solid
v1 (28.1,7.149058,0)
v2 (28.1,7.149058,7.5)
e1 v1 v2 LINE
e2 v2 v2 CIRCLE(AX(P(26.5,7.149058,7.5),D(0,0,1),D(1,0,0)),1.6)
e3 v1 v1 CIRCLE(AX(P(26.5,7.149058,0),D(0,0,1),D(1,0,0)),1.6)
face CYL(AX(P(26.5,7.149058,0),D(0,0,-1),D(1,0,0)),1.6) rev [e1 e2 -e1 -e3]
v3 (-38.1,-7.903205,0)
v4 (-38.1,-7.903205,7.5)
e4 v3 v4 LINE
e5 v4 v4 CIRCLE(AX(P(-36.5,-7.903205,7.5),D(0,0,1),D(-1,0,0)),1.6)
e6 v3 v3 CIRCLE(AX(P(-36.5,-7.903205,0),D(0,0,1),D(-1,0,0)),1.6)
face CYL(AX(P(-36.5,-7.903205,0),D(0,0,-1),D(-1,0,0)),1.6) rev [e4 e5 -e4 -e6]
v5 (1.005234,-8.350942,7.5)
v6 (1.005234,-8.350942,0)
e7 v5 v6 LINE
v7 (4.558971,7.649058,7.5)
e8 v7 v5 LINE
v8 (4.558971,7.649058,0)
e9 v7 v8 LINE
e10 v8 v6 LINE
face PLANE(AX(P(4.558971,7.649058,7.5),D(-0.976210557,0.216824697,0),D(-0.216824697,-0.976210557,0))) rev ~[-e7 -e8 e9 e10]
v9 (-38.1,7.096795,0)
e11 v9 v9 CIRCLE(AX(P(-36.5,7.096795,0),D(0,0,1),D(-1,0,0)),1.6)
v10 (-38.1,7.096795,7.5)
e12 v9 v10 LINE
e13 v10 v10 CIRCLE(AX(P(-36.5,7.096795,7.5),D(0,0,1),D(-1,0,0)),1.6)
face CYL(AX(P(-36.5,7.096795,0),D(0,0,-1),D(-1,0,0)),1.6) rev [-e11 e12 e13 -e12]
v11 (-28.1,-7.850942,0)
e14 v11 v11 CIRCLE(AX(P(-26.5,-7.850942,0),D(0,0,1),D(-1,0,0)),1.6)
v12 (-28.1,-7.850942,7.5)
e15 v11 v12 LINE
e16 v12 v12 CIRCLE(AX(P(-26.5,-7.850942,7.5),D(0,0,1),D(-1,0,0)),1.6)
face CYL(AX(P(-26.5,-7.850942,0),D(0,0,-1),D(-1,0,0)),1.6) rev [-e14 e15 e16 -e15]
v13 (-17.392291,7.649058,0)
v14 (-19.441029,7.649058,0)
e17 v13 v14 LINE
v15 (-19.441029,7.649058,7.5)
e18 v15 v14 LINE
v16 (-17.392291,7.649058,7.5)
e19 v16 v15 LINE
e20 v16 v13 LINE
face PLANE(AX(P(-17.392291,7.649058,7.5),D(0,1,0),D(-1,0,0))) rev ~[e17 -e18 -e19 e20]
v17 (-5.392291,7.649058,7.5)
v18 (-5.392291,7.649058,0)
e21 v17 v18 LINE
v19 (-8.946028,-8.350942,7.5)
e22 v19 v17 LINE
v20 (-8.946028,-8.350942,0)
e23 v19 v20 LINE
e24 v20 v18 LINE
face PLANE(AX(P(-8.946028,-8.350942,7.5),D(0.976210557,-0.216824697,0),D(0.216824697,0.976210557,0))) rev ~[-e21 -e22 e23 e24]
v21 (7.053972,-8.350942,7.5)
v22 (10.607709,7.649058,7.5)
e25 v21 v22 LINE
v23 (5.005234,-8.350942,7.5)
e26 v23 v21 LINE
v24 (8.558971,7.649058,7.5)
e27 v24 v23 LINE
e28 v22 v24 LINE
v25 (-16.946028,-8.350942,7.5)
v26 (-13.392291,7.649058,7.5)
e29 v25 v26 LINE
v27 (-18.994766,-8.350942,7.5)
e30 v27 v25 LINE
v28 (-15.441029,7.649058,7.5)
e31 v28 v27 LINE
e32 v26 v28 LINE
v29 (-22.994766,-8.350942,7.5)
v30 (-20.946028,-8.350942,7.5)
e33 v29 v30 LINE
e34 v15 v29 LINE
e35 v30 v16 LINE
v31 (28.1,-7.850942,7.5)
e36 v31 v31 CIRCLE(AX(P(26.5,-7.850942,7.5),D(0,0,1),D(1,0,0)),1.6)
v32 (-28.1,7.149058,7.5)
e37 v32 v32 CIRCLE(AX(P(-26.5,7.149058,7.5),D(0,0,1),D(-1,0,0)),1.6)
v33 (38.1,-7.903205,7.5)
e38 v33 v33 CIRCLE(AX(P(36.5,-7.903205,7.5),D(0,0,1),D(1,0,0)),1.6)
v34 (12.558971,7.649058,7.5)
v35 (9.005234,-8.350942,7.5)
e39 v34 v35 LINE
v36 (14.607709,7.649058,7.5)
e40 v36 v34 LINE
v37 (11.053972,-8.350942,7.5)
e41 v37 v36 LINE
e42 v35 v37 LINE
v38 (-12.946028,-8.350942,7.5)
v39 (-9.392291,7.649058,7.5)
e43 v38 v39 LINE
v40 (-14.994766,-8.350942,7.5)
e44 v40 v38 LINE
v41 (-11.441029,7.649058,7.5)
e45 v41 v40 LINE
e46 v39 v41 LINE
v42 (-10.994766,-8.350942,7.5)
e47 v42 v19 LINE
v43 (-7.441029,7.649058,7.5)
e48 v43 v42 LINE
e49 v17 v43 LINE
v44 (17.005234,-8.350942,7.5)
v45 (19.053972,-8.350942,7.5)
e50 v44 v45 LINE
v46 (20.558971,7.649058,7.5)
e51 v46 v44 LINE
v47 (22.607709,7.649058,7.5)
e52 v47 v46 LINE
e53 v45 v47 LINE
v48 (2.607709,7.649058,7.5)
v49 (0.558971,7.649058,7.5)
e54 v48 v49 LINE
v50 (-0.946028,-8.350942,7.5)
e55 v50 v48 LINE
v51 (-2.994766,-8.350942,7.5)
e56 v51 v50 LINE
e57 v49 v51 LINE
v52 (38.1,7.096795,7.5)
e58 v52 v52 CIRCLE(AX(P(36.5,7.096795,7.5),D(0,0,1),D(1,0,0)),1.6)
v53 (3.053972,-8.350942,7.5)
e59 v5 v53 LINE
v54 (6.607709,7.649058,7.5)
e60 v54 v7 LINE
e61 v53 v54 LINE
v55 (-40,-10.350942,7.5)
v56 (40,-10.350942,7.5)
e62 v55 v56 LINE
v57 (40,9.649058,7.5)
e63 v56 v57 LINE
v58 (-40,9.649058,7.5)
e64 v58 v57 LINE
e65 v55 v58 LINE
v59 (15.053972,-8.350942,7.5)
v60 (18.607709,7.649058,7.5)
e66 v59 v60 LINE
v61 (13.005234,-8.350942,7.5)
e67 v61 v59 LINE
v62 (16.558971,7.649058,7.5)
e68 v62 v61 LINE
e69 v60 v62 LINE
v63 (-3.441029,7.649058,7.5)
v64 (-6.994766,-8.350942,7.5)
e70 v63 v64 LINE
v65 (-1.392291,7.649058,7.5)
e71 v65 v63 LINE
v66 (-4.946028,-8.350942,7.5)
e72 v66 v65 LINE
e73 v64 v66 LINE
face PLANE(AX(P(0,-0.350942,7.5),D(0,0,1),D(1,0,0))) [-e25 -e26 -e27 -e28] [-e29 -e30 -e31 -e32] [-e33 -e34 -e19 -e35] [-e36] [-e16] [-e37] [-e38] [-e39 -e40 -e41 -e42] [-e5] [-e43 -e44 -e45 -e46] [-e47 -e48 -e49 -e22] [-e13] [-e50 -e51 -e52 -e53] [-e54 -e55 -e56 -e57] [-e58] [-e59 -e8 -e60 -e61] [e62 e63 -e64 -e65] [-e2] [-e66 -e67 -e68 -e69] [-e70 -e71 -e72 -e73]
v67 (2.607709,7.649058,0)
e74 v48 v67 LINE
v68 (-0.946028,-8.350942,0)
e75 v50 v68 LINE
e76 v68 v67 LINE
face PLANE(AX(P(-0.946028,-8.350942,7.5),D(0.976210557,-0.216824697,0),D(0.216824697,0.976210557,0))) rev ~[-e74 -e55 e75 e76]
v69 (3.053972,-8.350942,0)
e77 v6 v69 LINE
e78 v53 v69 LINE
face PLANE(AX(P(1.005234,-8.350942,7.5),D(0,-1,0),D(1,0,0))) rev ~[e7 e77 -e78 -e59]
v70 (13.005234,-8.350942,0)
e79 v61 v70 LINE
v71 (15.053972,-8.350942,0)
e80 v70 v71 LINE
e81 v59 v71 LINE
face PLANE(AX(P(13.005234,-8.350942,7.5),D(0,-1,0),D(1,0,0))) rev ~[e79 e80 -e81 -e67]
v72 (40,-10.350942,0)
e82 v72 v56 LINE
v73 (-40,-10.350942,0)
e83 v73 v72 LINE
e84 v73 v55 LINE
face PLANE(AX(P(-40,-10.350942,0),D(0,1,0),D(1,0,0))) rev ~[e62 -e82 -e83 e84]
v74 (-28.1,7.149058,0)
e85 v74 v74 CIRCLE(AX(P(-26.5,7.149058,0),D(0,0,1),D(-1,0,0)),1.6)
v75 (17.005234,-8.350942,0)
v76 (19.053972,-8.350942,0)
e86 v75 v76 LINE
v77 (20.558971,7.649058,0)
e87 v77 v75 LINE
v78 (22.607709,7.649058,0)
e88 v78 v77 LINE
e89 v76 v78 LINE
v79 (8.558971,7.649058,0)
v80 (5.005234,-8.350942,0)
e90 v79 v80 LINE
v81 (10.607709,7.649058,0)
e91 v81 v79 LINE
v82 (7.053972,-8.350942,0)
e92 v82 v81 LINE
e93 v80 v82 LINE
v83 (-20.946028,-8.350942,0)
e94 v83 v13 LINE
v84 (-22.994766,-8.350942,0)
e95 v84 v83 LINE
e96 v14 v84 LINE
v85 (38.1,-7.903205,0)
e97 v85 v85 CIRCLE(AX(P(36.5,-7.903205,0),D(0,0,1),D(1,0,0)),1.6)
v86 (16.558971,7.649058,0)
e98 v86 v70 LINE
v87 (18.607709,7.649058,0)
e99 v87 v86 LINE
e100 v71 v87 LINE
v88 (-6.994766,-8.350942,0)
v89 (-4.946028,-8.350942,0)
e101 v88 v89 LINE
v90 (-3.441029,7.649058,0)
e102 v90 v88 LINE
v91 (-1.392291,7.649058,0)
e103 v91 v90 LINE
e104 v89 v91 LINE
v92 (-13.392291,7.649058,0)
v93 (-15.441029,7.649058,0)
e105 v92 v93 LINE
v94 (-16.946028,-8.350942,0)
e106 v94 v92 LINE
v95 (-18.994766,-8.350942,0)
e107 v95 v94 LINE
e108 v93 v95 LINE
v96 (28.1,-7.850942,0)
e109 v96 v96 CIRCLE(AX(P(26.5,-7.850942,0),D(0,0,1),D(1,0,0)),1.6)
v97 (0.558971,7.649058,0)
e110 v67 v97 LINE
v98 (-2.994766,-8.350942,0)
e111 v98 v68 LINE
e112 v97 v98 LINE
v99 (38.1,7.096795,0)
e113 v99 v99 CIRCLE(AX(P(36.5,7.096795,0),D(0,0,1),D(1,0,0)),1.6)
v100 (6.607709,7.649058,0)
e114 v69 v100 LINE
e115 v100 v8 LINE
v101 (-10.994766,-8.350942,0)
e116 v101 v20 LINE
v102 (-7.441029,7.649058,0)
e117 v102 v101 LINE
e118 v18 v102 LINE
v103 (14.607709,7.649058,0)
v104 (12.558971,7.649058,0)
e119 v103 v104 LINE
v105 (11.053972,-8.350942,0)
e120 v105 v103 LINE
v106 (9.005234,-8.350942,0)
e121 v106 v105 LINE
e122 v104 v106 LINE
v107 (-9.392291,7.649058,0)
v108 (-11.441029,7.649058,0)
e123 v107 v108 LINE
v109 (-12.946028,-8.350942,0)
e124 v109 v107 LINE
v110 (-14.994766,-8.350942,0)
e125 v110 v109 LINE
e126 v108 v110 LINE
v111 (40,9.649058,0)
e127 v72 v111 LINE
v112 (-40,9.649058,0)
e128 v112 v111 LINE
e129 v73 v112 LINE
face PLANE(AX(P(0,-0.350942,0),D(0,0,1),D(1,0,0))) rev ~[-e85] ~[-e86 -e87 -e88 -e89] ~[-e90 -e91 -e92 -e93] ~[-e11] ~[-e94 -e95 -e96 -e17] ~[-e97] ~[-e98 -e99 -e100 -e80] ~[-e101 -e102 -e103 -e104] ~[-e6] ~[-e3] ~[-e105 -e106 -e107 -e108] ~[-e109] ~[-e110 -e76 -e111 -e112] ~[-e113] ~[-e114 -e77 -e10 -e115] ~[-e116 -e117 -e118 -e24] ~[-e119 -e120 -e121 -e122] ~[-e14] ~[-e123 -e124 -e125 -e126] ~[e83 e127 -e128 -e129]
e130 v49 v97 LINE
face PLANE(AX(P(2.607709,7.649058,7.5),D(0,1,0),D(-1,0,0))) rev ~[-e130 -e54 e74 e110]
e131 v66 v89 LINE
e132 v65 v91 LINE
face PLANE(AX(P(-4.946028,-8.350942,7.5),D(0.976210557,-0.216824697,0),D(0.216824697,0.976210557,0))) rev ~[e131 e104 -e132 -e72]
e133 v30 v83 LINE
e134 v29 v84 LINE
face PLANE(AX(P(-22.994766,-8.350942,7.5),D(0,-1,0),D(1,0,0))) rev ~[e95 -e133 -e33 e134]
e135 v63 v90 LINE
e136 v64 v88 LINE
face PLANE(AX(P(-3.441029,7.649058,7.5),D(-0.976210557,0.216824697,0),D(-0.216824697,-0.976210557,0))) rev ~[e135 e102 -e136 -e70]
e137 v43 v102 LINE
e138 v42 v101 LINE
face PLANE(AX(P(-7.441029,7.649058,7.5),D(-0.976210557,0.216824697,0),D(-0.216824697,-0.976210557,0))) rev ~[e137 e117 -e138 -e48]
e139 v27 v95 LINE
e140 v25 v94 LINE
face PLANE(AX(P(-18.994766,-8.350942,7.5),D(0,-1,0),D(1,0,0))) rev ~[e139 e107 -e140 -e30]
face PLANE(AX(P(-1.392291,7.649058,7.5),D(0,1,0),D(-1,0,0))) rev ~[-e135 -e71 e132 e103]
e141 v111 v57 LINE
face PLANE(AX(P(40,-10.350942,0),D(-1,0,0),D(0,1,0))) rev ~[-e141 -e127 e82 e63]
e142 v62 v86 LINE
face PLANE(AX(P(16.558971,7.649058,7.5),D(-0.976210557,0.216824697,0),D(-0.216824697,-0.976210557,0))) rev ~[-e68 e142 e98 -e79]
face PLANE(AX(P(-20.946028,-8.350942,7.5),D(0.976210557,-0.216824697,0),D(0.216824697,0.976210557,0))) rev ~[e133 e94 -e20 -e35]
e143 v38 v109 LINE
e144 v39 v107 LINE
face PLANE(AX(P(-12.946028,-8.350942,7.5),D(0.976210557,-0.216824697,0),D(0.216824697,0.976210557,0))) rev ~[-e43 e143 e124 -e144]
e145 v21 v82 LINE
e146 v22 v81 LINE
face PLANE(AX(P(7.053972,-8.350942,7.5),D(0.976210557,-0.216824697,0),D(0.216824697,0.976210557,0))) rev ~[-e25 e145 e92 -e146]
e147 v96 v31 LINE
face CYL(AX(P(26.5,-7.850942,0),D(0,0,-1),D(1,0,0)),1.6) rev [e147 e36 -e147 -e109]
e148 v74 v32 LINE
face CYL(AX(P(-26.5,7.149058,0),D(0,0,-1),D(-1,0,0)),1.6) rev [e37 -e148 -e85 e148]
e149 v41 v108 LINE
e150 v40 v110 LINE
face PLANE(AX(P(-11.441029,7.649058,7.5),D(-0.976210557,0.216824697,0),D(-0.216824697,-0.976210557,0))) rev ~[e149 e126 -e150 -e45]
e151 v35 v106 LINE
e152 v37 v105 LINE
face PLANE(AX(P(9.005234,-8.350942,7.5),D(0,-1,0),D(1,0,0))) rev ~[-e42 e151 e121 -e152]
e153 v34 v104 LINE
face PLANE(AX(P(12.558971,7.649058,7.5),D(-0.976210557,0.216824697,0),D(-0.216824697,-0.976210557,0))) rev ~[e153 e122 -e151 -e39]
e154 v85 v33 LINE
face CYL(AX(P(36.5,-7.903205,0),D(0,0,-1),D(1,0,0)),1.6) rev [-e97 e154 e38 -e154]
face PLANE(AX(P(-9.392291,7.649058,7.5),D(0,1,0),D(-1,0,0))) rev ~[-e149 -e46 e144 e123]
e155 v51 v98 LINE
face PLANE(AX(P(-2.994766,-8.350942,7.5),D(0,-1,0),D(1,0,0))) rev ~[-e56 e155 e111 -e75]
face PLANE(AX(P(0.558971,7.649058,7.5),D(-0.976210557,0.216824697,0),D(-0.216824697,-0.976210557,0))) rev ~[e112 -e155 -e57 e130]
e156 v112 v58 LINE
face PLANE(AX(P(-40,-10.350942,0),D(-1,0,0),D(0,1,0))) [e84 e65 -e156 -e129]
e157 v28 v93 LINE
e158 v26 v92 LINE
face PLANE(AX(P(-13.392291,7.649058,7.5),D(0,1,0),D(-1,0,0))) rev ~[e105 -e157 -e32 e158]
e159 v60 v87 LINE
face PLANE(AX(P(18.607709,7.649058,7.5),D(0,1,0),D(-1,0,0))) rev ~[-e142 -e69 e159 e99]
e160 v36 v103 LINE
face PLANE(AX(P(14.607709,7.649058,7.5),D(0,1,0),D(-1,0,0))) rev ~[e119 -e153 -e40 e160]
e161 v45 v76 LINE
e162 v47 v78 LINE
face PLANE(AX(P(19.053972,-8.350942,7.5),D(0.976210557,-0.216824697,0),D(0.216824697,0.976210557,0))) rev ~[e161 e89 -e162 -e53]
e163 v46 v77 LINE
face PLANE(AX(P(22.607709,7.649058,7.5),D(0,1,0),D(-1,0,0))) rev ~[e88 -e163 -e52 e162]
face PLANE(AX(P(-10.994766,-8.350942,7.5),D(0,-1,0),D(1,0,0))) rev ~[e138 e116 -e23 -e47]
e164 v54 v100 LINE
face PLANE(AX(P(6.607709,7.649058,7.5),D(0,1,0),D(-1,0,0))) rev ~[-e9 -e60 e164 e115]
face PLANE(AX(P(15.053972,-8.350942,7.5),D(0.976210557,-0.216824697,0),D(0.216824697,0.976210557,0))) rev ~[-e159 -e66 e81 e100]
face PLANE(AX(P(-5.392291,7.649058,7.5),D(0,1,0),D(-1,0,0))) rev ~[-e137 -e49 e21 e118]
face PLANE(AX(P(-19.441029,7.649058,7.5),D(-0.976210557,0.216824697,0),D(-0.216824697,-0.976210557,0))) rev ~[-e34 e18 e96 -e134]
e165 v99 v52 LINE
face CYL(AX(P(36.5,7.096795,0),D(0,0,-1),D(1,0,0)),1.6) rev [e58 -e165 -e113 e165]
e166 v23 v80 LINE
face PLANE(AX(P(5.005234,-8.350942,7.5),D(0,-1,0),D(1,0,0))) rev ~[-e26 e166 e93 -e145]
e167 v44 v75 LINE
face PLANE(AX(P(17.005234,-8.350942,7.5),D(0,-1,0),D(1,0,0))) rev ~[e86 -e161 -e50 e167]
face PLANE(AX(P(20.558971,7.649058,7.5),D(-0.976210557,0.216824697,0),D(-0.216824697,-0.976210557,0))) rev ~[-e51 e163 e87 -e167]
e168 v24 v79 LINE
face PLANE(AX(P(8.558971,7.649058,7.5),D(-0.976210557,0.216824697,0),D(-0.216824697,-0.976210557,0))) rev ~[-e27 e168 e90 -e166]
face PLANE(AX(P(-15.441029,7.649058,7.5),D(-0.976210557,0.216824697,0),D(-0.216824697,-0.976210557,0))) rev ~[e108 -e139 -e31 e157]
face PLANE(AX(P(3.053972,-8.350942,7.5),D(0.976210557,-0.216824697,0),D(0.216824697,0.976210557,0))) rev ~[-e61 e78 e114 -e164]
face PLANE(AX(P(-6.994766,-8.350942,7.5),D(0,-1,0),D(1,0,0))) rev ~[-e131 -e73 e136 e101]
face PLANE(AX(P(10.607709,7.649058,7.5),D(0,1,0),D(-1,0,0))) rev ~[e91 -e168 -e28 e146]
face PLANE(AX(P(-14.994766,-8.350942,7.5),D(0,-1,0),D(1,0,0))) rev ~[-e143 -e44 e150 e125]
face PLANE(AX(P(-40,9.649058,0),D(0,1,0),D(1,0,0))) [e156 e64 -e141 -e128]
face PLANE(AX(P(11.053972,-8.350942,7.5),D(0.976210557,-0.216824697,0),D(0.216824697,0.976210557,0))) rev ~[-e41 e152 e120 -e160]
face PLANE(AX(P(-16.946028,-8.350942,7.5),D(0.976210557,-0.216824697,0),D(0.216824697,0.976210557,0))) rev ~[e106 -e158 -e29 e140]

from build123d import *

# Parameters (mm, degrees)
SKETCH1_W           = 80
SKETCH1_H           = 20
SKETCH1_R           = 1.6
BOSS_EXTRUDE4_DEPTH = 7.5
CUT_EXTRUDE1_DEPTH  = 7.5


with BuildPart() as part:
    # Sketch1 → Boss-Extrude4 (new body)
    with BuildSketch(Plane.XY):
        with Locations((0, -0.350941688)):
            Rectangle(SKETCH1_W, SKETCH1_H)
        with Locations((36.5, 7.096795016)):
            Circle(SKETCH1_R, mode=Mode.SUBTRACT)
        with Locations((26.5, 7.149058312)):
            Circle(SKETCH1_R, mode=Mode.SUBTRACT)
        with Locations((36.5, -7.903204984)):
            Circle(SKETCH1_R, mode=Mode.SUBTRACT)
        with Locations((26.5, -7.850941688)):
            Circle(SKETCH1_R, mode=Mode.SUBTRACT)
        with Locations(Location((-26.5, -7.850941688, 0), (0, 0, 180))):  # turned: the seam where the file's is
            Circle(SKETCH1_R, mode=Mode.SUBTRACT)
        with Locations(Location((-36.5, -7.903204984, 0), (0, 0, 180))):  # turned: the seam where the file's is
            Circle(SKETCH1_R, mode=Mode.SUBTRACT)
        with Locations(Location((-26.5, 7.149058312, 0), (0, 0, 180))):  # turned: the seam where the file's is
            Circle(SKETCH1_R, mode=Mode.SUBTRACT)
        with Locations(Location((-36.5, 7.096795016, 0), (0, 0, 180))):  # turned: the seam where the file's is
            Circle(SKETCH1_R, mode=Mode.SUBTRACT)
    extrude(amount=BOSS_EXTRUDE4_DEPTH)

    # Sketch6 → Cut-Extrude1 (cut)
    with BuildSketch(Plane.XY.offset(7.5)):
        Polygon((-19.441029478, 7.649058312), (-22.994766049, -8.350941688), (-20.946027704, -8.350941688), (-17.392291133, 7.649058312), align=None)
        Polygon((-13.392291133, 7.649058312), (-15.441029478, 7.649058312), (-18.994766049, -8.350941688), (-16.946027704, -8.350941688), align=None)
        Polygon((-9.392291133, 7.649058312), (-11.441029478, 7.649058312), (-14.994766049, -8.350941688), (-12.946027704, -8.350941688), align=None)
        Polygon((-5.392291133, 7.649058312), (-7.441029478, 7.649058312), (-10.994766049, -8.350941688), (-8.946027704, -8.350941688), align=None)
        Polygon((-1.392291133, 7.649058312), (-3.441029478, 7.649058312), (-6.994766049, -8.350941688), (-4.946027704, -8.350941688), align=None)
        Polygon((2.607708867, 7.649058312), (0.558970522, 7.649058312), (-2.994766049, -8.350941688), (-0.946027704, -8.350941688), align=None)
        Polygon((6.607708867, 7.649058312), (4.558970522, 7.649058312), (1.005233951, -8.350941688), (3.053972296, -8.350941688), align=None)
        Polygon((10.607708867, 7.649058312), (8.558970522, 7.649058312), (5.005233951, -8.350941688), (7.053972296, -8.350941688), align=None)
        Polygon((14.607708867, 7.649058312), (12.558970522, 7.649058312), (9.005233951, -8.350941688), (11.053972296, -8.350941688), align=None)
        Polygon((18.607708867, 7.649058312), (16.558970522, 7.649058312), (13.005233951, -8.350941688), (15.053972296, -8.350941688), align=None)
        Polygon((22.607708867, 7.649058312), (20.558970522, 7.649058312), (17.005233951, -8.350941688), (19.053972296, -8.350941688), align=None)
    extrude(amount=-CUT_EXTRUDE1_DEPTH, mode=Mode.SUBTRACT)


solid = part.part
